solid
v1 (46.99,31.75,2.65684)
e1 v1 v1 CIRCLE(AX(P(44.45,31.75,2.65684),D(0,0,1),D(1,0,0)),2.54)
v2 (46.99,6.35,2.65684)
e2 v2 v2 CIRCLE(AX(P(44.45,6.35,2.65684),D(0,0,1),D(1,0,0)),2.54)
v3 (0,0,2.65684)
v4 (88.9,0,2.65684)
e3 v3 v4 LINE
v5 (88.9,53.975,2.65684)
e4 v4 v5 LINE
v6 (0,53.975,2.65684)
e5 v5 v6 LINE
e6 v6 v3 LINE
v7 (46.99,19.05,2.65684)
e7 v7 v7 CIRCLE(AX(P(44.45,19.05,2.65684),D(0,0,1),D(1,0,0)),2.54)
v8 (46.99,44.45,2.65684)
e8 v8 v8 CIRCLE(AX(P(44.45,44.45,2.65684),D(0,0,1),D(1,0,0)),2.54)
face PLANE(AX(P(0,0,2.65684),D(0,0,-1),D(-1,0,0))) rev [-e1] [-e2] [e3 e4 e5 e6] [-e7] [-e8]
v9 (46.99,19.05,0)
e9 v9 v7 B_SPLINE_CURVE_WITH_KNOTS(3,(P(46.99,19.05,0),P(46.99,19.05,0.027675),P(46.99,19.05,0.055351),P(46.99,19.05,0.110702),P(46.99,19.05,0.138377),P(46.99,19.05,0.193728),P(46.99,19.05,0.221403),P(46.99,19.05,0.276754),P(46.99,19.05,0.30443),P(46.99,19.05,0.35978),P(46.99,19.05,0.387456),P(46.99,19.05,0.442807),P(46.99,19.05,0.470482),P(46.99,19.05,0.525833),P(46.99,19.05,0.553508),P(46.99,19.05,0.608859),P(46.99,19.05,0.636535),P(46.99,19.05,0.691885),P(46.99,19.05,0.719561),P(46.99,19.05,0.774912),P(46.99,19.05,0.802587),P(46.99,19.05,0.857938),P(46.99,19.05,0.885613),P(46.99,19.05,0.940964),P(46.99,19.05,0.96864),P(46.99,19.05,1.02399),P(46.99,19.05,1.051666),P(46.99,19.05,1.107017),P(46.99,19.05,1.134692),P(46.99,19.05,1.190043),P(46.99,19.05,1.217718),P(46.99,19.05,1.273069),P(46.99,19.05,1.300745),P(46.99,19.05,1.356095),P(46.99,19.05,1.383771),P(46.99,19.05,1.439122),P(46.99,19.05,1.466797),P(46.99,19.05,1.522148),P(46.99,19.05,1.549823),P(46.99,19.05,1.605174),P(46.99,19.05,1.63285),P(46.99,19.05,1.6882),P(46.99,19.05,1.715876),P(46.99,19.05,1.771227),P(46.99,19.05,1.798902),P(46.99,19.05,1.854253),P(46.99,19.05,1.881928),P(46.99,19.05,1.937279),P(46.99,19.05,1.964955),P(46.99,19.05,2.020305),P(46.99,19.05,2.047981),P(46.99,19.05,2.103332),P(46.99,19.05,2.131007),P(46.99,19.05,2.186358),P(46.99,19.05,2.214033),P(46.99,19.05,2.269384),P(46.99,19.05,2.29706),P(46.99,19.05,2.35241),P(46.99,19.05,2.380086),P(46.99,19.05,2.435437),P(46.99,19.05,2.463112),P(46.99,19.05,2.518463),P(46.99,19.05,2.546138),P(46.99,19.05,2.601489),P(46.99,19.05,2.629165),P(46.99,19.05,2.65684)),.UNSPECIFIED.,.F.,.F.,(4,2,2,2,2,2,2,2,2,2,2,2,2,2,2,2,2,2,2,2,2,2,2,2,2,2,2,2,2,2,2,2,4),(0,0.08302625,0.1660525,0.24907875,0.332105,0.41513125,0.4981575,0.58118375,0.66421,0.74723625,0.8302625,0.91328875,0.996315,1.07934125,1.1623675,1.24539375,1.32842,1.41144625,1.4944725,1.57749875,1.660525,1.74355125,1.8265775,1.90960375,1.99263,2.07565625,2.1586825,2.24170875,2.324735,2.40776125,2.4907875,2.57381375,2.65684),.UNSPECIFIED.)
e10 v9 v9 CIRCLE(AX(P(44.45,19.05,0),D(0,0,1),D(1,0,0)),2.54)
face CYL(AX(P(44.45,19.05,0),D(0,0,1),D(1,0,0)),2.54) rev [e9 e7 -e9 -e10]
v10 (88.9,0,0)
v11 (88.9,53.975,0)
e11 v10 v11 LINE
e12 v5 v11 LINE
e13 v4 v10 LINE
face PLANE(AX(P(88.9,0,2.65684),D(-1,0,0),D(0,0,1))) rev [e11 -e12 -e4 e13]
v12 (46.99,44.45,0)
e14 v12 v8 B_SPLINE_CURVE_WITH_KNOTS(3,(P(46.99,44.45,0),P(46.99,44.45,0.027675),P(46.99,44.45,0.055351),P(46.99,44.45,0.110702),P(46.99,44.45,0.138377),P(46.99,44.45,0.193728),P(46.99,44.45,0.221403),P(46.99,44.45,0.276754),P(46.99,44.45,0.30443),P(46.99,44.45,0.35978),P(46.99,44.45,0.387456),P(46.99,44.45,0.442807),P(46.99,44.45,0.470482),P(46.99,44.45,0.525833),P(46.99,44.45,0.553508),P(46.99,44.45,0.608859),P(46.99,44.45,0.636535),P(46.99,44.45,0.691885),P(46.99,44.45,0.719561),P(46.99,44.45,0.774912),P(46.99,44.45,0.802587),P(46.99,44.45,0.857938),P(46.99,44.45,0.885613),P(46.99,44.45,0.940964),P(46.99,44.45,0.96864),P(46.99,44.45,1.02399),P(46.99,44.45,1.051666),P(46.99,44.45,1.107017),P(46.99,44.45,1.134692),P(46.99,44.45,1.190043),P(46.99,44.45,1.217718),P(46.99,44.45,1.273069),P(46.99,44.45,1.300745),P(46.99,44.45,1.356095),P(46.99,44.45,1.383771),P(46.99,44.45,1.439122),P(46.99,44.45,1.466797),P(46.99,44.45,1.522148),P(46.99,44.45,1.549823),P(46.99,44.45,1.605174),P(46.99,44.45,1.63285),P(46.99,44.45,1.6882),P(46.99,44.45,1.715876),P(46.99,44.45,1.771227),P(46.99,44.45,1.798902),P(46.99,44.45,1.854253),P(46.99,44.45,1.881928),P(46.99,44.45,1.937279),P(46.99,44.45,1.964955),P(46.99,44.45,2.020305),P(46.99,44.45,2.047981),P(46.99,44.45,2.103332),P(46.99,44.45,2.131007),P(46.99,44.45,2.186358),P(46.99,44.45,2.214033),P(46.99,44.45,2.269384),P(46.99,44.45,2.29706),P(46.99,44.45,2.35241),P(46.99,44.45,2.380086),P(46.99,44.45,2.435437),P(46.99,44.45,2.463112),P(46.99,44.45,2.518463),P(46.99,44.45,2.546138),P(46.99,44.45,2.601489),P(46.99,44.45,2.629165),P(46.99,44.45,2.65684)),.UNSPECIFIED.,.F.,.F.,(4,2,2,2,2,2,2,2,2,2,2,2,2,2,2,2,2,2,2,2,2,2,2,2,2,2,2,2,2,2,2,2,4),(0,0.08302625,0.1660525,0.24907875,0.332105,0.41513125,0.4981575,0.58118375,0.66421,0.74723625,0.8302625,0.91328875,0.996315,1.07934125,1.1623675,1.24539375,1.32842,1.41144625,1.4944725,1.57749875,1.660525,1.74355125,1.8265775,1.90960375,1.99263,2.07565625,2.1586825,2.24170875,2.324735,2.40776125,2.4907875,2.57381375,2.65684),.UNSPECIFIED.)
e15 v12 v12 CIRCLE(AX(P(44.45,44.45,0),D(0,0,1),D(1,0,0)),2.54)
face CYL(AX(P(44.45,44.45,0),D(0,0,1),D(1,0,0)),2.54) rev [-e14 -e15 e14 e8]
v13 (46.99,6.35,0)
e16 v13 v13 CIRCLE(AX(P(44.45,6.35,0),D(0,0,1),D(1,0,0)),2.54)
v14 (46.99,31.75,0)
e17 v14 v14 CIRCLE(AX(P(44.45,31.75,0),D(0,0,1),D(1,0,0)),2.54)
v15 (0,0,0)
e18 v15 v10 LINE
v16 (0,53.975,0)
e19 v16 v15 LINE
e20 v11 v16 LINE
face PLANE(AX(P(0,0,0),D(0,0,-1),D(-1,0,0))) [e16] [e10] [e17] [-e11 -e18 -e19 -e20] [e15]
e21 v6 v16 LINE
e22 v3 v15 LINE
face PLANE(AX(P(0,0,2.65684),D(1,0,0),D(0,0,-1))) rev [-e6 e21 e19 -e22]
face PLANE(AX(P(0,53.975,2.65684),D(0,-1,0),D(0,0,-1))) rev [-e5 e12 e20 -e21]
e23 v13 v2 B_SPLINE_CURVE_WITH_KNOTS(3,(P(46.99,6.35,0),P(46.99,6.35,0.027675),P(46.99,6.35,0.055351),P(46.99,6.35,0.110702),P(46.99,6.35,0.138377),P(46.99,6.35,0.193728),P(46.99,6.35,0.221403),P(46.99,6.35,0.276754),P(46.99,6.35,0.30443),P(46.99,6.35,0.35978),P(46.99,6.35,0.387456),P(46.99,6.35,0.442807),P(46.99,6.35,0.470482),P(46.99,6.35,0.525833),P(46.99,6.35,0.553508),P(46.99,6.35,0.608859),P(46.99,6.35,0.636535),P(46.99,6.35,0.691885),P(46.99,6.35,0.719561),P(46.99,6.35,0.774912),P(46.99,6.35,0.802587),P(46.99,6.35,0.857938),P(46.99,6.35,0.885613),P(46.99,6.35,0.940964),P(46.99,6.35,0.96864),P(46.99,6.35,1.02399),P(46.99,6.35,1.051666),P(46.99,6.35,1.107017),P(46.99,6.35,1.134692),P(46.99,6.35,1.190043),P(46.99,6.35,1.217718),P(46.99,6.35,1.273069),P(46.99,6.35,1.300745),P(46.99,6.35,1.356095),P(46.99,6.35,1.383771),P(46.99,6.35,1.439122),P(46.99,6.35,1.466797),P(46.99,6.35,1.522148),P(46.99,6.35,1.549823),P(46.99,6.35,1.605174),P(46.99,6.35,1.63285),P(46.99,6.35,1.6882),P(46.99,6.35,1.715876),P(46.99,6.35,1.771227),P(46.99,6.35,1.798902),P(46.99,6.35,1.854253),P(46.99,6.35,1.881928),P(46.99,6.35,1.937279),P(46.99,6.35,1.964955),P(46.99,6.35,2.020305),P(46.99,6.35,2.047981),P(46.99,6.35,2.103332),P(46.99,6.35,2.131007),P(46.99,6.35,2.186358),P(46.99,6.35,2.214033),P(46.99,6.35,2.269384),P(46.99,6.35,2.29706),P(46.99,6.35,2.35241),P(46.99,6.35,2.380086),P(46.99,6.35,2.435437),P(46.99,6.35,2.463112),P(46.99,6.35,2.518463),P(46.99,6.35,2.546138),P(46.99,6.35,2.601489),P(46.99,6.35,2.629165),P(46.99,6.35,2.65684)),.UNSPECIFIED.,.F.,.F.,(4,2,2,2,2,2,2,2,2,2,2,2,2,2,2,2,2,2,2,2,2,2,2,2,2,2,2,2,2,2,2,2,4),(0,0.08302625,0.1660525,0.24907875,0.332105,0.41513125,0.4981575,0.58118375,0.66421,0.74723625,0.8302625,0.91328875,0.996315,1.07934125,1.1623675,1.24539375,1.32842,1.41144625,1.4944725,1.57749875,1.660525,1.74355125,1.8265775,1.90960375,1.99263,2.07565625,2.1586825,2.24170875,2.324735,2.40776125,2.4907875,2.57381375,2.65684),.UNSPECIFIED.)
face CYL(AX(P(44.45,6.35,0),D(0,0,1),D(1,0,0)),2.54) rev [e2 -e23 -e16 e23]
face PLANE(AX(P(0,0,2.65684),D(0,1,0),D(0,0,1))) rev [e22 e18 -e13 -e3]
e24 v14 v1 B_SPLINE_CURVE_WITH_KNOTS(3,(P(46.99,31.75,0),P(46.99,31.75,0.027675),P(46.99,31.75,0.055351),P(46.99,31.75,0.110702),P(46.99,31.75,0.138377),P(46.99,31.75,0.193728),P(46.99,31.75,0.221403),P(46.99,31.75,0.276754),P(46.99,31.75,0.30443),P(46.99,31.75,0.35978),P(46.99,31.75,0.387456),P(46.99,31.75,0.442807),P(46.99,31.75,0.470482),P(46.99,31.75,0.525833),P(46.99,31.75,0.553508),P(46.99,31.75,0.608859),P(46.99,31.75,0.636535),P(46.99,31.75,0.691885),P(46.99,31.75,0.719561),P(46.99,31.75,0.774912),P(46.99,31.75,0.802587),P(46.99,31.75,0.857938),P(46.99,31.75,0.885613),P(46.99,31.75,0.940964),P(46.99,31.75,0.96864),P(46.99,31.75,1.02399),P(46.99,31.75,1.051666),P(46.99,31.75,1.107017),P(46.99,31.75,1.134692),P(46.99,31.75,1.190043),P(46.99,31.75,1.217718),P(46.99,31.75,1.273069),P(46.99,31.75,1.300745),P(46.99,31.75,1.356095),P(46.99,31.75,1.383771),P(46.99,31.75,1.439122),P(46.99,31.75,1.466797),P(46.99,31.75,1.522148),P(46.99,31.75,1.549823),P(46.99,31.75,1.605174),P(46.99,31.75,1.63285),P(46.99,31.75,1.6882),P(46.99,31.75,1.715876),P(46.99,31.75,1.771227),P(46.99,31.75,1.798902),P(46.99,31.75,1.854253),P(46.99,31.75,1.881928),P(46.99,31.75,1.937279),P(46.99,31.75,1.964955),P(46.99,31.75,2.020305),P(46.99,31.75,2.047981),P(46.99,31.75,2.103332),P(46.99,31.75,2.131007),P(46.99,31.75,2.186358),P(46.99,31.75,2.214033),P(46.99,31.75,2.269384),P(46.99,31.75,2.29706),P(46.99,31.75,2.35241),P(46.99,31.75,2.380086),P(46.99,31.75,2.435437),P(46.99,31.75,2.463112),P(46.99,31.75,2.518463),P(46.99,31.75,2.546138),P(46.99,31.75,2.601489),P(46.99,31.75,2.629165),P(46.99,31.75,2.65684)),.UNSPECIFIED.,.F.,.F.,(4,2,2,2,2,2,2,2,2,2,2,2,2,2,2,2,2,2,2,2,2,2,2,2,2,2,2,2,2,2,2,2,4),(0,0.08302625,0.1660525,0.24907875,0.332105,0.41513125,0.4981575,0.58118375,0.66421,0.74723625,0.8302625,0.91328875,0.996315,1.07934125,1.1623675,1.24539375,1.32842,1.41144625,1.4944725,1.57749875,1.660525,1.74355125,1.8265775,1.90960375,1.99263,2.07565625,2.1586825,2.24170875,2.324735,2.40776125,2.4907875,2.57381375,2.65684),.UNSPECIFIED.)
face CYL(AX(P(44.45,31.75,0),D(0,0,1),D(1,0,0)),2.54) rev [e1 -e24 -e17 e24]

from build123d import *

# Parameters (mm, degrees)
SKETCH1_W           = 88.9
SKETCH1_H           = 53.975
BOSS_EXTRUDE1_DEPTH = 2.65684
SKETCH2_R           = 2.54
CUT_EXTRUDE1_DEPTH  = 105.036385096


with BuildPart() as part:
    # Sketch1 → Boss-Extrude1 (new body)
    with BuildSketch(Plane.XY):
        with Locations((44.45, 26.9875)):
            Rectangle(SKETCH1_W, SKETCH1_H)
    extrude(amount=BOSS_EXTRUDE1_DEPTH)

    # Sketch2 → Cut-Extrude1 (cut, through all)
    with BuildSketch(Plane.XY.offset(2.65684)):
        with Locations((44.45, 6.35)):
            Circle(SKETCH2_R)
        with Locations((44.45, 19.05)):
            Circle(SKETCH2_R)
        with Locations((44.45, 31.75)):
            Circle(SKETCH2_R)
        with Locations((44.45, 44.45)):
            Circle(SKETCH2_R)
    extrude(amount=-CUT_EXTRUDE1_DEPTH, mode=Mode.SUBTRACT)


solid = part.part
